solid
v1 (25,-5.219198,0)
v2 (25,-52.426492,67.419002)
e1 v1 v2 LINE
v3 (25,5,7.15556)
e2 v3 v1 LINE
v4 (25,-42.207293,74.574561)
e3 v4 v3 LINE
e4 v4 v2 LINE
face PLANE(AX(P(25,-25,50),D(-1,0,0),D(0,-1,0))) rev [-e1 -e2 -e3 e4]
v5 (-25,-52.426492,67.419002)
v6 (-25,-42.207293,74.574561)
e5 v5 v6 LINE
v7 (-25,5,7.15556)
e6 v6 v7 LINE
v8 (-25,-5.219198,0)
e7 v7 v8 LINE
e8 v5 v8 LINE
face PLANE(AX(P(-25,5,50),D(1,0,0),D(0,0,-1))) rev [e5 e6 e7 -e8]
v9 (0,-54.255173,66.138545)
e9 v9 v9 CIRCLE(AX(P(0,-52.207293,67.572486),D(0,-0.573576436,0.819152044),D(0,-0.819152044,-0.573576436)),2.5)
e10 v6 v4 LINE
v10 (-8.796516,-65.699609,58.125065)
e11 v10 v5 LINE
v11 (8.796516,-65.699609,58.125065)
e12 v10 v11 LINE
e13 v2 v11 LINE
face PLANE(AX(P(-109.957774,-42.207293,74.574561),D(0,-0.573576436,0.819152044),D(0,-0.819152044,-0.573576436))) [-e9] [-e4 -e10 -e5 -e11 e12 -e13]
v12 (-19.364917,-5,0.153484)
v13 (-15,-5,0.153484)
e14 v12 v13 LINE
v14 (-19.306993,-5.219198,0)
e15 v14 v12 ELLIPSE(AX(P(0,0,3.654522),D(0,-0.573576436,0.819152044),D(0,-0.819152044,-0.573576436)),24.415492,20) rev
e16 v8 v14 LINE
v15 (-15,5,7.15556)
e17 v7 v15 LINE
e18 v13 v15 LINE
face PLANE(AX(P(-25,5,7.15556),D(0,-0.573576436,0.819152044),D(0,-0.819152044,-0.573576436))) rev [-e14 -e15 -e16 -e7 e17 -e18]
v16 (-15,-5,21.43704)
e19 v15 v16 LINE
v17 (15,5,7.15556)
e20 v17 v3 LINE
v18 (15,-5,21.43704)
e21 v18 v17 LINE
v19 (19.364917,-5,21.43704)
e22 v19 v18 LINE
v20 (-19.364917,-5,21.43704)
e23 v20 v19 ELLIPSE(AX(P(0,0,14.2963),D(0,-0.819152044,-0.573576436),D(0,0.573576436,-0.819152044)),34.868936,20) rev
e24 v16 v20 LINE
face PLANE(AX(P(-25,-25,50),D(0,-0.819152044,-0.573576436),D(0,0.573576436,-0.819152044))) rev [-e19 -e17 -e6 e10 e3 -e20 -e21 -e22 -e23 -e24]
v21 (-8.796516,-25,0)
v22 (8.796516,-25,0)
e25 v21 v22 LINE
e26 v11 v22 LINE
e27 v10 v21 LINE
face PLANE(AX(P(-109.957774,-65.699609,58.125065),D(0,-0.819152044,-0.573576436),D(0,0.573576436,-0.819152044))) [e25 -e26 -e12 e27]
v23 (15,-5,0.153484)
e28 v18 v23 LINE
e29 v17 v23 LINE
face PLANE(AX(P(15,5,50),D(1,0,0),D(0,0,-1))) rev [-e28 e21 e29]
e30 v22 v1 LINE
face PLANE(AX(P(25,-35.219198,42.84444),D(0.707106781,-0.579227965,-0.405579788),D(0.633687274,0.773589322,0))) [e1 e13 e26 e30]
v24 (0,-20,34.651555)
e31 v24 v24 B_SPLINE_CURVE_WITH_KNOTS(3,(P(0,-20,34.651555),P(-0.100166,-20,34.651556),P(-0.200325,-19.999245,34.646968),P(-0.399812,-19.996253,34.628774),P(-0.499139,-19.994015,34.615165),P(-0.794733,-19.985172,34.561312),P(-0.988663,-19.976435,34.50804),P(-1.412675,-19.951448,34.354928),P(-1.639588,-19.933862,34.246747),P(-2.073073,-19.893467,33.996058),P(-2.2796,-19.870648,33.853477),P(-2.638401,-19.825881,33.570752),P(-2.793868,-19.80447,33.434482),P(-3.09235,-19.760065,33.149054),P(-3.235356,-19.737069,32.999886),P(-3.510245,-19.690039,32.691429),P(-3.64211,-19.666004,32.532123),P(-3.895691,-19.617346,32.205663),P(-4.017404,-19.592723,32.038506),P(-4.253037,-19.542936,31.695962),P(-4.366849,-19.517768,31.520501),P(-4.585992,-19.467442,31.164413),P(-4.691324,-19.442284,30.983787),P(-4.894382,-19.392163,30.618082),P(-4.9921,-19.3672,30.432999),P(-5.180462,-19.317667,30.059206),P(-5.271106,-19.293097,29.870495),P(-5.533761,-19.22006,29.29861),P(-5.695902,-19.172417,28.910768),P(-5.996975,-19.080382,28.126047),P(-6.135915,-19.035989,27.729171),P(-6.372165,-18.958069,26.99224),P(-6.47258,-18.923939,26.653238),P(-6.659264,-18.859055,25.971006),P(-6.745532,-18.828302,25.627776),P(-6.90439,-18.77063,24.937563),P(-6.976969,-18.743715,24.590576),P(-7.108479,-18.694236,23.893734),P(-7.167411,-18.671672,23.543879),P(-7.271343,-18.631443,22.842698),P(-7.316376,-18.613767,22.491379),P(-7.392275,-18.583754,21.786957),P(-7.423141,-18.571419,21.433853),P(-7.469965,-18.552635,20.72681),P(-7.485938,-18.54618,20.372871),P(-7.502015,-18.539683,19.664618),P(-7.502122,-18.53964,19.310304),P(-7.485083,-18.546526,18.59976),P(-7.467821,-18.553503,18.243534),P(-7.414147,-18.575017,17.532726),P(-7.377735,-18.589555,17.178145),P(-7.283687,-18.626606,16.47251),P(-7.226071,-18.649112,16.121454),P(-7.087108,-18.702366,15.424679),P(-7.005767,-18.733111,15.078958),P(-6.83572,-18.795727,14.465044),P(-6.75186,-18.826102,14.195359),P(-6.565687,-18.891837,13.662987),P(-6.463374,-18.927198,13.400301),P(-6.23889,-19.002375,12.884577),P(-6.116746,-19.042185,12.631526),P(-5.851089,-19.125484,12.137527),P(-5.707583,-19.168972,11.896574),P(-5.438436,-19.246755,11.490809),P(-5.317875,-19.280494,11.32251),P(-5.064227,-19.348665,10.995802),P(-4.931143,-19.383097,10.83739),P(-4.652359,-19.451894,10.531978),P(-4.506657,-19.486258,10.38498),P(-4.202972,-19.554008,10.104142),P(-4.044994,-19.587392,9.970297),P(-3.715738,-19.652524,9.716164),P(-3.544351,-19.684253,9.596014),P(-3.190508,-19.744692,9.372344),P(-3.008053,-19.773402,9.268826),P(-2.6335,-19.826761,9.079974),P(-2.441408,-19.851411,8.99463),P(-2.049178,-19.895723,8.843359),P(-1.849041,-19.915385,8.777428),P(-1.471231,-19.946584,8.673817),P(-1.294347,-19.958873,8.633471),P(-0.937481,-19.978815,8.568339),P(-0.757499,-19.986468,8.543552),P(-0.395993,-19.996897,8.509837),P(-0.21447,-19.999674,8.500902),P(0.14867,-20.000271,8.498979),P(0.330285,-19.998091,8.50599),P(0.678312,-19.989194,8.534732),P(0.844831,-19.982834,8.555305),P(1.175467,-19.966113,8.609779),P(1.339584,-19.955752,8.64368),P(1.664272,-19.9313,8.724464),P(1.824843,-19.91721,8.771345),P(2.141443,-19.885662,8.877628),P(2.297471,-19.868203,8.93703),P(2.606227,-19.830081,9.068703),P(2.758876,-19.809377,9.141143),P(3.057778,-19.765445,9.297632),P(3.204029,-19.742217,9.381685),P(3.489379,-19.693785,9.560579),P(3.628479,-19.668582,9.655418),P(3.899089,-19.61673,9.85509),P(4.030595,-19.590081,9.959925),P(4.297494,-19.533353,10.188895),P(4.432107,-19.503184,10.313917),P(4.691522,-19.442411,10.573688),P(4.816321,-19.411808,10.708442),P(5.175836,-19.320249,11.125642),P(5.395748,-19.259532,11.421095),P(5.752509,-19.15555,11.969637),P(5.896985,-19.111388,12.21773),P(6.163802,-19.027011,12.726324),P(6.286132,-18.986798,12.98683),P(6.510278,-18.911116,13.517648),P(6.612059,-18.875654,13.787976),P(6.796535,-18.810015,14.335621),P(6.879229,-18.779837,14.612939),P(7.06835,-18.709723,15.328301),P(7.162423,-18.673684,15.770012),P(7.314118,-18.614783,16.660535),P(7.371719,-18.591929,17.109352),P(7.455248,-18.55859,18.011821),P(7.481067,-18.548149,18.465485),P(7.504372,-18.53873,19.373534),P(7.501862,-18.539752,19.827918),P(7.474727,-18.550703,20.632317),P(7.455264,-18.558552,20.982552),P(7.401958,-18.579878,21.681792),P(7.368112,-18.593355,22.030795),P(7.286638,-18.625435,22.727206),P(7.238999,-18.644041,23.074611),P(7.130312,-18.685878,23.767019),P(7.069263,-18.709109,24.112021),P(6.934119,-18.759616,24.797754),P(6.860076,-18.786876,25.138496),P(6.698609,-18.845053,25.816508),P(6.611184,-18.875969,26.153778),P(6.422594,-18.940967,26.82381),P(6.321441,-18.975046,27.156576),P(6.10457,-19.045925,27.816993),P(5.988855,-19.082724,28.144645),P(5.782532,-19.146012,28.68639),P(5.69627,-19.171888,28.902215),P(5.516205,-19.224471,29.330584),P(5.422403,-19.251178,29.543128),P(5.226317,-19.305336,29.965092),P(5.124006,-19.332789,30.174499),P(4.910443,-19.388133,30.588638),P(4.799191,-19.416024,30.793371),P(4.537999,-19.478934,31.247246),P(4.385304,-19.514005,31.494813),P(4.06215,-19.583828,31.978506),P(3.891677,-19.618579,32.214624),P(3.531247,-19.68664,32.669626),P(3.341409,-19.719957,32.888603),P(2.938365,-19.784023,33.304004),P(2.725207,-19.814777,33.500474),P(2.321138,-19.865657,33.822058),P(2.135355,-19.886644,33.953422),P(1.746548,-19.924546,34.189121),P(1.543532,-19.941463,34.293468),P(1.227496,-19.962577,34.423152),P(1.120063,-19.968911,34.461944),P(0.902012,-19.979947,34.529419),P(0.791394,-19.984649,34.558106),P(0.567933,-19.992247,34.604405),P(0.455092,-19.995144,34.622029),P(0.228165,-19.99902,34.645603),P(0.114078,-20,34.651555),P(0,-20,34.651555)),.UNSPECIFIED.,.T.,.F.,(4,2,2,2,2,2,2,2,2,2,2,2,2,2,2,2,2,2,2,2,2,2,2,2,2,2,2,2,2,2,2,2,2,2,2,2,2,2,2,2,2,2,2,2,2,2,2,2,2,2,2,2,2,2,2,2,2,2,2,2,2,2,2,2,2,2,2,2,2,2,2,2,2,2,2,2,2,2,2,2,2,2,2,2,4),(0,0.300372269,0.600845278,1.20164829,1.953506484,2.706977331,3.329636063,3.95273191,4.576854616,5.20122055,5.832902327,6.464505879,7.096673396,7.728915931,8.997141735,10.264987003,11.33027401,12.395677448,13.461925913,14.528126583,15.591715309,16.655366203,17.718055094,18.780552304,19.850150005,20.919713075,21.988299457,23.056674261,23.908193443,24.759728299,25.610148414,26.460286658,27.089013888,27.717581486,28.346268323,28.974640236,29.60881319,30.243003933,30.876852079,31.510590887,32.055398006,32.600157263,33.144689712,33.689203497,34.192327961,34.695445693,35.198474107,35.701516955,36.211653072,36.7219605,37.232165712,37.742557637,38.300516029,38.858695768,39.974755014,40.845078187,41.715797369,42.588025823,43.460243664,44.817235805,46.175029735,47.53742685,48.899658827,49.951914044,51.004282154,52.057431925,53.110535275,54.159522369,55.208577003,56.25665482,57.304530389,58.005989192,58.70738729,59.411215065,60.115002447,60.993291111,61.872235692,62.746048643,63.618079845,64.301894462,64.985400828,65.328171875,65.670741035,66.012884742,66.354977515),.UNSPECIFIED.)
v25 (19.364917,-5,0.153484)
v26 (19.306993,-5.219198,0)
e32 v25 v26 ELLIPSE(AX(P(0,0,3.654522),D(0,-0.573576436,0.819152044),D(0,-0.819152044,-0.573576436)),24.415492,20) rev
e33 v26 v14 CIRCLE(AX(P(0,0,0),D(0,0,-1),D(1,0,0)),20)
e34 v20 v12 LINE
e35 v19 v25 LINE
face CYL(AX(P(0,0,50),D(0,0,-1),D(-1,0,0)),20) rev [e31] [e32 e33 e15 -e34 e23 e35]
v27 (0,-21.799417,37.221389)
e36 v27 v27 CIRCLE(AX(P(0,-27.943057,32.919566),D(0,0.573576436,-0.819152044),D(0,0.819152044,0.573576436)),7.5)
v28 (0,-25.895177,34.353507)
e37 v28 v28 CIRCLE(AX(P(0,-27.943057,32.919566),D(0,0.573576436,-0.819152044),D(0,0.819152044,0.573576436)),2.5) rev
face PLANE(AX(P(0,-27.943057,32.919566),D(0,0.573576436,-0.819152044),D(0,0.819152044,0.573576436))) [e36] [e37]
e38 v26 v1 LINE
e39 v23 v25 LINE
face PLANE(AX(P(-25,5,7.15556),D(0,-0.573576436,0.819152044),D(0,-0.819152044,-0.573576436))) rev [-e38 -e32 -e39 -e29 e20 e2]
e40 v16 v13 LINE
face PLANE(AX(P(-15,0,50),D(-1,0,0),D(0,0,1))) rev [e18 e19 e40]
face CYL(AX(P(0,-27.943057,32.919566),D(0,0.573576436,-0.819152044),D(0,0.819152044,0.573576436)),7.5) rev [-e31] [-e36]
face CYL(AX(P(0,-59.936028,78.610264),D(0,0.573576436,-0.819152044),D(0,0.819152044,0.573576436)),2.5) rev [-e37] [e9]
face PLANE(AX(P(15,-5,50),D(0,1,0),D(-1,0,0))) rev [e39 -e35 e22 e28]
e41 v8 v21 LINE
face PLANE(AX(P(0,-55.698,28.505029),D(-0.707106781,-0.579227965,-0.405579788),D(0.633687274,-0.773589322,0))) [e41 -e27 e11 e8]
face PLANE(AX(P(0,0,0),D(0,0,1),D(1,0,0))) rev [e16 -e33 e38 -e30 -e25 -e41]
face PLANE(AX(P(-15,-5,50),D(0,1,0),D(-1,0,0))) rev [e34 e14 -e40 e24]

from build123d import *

# Parameters (mm, degrees)
BOSS_EXTRUDE1_DEPTH = 50
CUT_EXTRUDE1_DEPTH  = 76
CUT_EXTRUDE2_DEPTH  = 59.548154505
BOSS_EXTRUDE2_REACH = 77
CUT_EXTRUDE3_DEPTH  = 100.601194791
SKETCH8_R           = 2.5
CUT_EXTRUDE4_DEPTH  = 100.601194791
SKETCH9_R           = 7.5
CUT_EXTRUDE5_DEPTH  = 40


with BuildPart() as part:
    # Sketch1 → Boss-Extrude1 (new body)
    with BuildSketch(Plane.XY):
        with BuildLine():
            Line((-15, 0), (-15, 5))
            Line((-15, 5), (-25, 5))
            Line((-25, 5), (-25, -25))
            Line((-25, -25), (25, -25))
            Line((25, -25), (25, 5))
            Line((25, 5), (15, 5))
            Line((15, 5), (15, -5))
            Line((15, -5), (19.364916731, -5))
            ThreePointArc((19.364916731, -5), (0, -20), (-19.364916731, -5))
            Line((-19.364916731, -5), (-15, -5))
            Line((-15, -5), (-15, 0))
        make_face()
    extrude(amount=BOSS_EXTRUDE1_DEPTH)

    # Sketch2 → Cut-Extrude1 (cut, through all)
    with BuildSketch(Plane(origin=(25, 0, 0), x_dir=(0, 0, -1), z_dir=(1, 0, 0))):
        Polygon((0, 5), (-7.155559798, 5), (0, -5.219198462), align=None)
        Polygon((-50, 5), (-50, -25), (-7.155559798, 5), align=None)
    extrude(amount=-CUT_EXTRUDE1_DEPTH, mode=Mode.SUBTRACT)

    # Sketch4 → Cut-Extrude2 (cut, through all)
    with BuildSketch(Plane(origin=(0, -1.717063728, 2.452221141), x_dir=(-1, 0, 0), z_dir=(0, 0.573576436351043, -0.8191520442889939))):
        Polygon((25, -4.27531709), (0, -29.27531709), (25, -29.27531709), align=None)
        Polygon((0, -29.27531709), (-25, -4.27531709), (-25, -29.27531709), align=None)
    extrude(amount=-CUT_EXTRUDE2_DEPTH, mode=Mode.SUBTRACT)

    # Boss-Extrude2: up to this face of the body (flat: up to its plane)
    boss_extrude2_end = Plane(part.part.faces().sort_by_distance((-25, -12.379979849, 21.845856759))[0])
    # Sketch6 → Boss-Extrude2 (add, up to the picked face)
    with BuildSketch(Plane(origin=(25, 0, 0), x_dir=(0, 0, -1), z_dir=(1, 0, 0)), mode=Mode.PRIVATE) as boss_extrude2_sk1:
        Polygon((-50, -25), (-74.574561329, -42.207293091), (-58.125064912, -65.69960861), (0, -25), align=None)
    boss_extrude2_tool1 = split(extrude(boss_extrude2_sk1.sketch, amount=-BOSS_EXTRUDE2_REACH, mode=Mode.PRIVATE), bisect_by=boss_extrude2_end, keep=Keep.BOTH, mode=Mode.PRIVATE)
    add(boss_extrude2_tool1.solids().sort_by(Axis((25, -40.270944, 43.428409), (-1, 0, 0)))[0])

    # Sketch7 → Cut-Extrude3 (cut, through all)
    with BuildSketch(Plane(origin=(0, -1.717063728, 2.452221141), x_dir=(-1, 0, 0), z_dir=(0, 0.573576436351043, -0.8191520442889939))):
        Polygon((25, -4.27531709), (25, -20.478801107), (8.796515983, -20.478801107), align=None)
        Polygon((-25, -4.27531709), (-8.796515983, -20.478801107), (-25, -20.478801107), align=None)
    extrude(amount=-CUT_EXTRUDE3_DEPTH, mode=Mode.SUBTRACT)

    # Sketch8 → Cut-Extrude4 (cut, through all)
    with BuildSketch(Plane(origin=(0, -1.717063728, 2.452221141), x_dir=(-1, 0, 0), z_dir=(0, 0.573576436351043, -0.8191520442889939))):
        with Locations(Location((0, -4.007725177, 0), (0, 0, 90))):
            Circle(SKETCH8_R)
    extrude(amount=-CUT_EXTRUDE4_DEPTH, mode=Mode.SUBTRACT)

    # Sketch9 → Cut-Extrude5 (cut)
    with BuildSketch(Plane(origin=(0, -1.717063728, 2.452221141), x_dir=(-1, 0, 0), z_dir=(0, 0.573576436351043, -0.8191520442889939))):
        with Locations(Location((0, -4.007725177, 0), (0, 0, 90))):
            Circle(SKETCH9_R)
    extrude(amount=-CUT_EXTRUDE5_DEPTH, mode=Mode.SUBTRACT)


solid = part.part
